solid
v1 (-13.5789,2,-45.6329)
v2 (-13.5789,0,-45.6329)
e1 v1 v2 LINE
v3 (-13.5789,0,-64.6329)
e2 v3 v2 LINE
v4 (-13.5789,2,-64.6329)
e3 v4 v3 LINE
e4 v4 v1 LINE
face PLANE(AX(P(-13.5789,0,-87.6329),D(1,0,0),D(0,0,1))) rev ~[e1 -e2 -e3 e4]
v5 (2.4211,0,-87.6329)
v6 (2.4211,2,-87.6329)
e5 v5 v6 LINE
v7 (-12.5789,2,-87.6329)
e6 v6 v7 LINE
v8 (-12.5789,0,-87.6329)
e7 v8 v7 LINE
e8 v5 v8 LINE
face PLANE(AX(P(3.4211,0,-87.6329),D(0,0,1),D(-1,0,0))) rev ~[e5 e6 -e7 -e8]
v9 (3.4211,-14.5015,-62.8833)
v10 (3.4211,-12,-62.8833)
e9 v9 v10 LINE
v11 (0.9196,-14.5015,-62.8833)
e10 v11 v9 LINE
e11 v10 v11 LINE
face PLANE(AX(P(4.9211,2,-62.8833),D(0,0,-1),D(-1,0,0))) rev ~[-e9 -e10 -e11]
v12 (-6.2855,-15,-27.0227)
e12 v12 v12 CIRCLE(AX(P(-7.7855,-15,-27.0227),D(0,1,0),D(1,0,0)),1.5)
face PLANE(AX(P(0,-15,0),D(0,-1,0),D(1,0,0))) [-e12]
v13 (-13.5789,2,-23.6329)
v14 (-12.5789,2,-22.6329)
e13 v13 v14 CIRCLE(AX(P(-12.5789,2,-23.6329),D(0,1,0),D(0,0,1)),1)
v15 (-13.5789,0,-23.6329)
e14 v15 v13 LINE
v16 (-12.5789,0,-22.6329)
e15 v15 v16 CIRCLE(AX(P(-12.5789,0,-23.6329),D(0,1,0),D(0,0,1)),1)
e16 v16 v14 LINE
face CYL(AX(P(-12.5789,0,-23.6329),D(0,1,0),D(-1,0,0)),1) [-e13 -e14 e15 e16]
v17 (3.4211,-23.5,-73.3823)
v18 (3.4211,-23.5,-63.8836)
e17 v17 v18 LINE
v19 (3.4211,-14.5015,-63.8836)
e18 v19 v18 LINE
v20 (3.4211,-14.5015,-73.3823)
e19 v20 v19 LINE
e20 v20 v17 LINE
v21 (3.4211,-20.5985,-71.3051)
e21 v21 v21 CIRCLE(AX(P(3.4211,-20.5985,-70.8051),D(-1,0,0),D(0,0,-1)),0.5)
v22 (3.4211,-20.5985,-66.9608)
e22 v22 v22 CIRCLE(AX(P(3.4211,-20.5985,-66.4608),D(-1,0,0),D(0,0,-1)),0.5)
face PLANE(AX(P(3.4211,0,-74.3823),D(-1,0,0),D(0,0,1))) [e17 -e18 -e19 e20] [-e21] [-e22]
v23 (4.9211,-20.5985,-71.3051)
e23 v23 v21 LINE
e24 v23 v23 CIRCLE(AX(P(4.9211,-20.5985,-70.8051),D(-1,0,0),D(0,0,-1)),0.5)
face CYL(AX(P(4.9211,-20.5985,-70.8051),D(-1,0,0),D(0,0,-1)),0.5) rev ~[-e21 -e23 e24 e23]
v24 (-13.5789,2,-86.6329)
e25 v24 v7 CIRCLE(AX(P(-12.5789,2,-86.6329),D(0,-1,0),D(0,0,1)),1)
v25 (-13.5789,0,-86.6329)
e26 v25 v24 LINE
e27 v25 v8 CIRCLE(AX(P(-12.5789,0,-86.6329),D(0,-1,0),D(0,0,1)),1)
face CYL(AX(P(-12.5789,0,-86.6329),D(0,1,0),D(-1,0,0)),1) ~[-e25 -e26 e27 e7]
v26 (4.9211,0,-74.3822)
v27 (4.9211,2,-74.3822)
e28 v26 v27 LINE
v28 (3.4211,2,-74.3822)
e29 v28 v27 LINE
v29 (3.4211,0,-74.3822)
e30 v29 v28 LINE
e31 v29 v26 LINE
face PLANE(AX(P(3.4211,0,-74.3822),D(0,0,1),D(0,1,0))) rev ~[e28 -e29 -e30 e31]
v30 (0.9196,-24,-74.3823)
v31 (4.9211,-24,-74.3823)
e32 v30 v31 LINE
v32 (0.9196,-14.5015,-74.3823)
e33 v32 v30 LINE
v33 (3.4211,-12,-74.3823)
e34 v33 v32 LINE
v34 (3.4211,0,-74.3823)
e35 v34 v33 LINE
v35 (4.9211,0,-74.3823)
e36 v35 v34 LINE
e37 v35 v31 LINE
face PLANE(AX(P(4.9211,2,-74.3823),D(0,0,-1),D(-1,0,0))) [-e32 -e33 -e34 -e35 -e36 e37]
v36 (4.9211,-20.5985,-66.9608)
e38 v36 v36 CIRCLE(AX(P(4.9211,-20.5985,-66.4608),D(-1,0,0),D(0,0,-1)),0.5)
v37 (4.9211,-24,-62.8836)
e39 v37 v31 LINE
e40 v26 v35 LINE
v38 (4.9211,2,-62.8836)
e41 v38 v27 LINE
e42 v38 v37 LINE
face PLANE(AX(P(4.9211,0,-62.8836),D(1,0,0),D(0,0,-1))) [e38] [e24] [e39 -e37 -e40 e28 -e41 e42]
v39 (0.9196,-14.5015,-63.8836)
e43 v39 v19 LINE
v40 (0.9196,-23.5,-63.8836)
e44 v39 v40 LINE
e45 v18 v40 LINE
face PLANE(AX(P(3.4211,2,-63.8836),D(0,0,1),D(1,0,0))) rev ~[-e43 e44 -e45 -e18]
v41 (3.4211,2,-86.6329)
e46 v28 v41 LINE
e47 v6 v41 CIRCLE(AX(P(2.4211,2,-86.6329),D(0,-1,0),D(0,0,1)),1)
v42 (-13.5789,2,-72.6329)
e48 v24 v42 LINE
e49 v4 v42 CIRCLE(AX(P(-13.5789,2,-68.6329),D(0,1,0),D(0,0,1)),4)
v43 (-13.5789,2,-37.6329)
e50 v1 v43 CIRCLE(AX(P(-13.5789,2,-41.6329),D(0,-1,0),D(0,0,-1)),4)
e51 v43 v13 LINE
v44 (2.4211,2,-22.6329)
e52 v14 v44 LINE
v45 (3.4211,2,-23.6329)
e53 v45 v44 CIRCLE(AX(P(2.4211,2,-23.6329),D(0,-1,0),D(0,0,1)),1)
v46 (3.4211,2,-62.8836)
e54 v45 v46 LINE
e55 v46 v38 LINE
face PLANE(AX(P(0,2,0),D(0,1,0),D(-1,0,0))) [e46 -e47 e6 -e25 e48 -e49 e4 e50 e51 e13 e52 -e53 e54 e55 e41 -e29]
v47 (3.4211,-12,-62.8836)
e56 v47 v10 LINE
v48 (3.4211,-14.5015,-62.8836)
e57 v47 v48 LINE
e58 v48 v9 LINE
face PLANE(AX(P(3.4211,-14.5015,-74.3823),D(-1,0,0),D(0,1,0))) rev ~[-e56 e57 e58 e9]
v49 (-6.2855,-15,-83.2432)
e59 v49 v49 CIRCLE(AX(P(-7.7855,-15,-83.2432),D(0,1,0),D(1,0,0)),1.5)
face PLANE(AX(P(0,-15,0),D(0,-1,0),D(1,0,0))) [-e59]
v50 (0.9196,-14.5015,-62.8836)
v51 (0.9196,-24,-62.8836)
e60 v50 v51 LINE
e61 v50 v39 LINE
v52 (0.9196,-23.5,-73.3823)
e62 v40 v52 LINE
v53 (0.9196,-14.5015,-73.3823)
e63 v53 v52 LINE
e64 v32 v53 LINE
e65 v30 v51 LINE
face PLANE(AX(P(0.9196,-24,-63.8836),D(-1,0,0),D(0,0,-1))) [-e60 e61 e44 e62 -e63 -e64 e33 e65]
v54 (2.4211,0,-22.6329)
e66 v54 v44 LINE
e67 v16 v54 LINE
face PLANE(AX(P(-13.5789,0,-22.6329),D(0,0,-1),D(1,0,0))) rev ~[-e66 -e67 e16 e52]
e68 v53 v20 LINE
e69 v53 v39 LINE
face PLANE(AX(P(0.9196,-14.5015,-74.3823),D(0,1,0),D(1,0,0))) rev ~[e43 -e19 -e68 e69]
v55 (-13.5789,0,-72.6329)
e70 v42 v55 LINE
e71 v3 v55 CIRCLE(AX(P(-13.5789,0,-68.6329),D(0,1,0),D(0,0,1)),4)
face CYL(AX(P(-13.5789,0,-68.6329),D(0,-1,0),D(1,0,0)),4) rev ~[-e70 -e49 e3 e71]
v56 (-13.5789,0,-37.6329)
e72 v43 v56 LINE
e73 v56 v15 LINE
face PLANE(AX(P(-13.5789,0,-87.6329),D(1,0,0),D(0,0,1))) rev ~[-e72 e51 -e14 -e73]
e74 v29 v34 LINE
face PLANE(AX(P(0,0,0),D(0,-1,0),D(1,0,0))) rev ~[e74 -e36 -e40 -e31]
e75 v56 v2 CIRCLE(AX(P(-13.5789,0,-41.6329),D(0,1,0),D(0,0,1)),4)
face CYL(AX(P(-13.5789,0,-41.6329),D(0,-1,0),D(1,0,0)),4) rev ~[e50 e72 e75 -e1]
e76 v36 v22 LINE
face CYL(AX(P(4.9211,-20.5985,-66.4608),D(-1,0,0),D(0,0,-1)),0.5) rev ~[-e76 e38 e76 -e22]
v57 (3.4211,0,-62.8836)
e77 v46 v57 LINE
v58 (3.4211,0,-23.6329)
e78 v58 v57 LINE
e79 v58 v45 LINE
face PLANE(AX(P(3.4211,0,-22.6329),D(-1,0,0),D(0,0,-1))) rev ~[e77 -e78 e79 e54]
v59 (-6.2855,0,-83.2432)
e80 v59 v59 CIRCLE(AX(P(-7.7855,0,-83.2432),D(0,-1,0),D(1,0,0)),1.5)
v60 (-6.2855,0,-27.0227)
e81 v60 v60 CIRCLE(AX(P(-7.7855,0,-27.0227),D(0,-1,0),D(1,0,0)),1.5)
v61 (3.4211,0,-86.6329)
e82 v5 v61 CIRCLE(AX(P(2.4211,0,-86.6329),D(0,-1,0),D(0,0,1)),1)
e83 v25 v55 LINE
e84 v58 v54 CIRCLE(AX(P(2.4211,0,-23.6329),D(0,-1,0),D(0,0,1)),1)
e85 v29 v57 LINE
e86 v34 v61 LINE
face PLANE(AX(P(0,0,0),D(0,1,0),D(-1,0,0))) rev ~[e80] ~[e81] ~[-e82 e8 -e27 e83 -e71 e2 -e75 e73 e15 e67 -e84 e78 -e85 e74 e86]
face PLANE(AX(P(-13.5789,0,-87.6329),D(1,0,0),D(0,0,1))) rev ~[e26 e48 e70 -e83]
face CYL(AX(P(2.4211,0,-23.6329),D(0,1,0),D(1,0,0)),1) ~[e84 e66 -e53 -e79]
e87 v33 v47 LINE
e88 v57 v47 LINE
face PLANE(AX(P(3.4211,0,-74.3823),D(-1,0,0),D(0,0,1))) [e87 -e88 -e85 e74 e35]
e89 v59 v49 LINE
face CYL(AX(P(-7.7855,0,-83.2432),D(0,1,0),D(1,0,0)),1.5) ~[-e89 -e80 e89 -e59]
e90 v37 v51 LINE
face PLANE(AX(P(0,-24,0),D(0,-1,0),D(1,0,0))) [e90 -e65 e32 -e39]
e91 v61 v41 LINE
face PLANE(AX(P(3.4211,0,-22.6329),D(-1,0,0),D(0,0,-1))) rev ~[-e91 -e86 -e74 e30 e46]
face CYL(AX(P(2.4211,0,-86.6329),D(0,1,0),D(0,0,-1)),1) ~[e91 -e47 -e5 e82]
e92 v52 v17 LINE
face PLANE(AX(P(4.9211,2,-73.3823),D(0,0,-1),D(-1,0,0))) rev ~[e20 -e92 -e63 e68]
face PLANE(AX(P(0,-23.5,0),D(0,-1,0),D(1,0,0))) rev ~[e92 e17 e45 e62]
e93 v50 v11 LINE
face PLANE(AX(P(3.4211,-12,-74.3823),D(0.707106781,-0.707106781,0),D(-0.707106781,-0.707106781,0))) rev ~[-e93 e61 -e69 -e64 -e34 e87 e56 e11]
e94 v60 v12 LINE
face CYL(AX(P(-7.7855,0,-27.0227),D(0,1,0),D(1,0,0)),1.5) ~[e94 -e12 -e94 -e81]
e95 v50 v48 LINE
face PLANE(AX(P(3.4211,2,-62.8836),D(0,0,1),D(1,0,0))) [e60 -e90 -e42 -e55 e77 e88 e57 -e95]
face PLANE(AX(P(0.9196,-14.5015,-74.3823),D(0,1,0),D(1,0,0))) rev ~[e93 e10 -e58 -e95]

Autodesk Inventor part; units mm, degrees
ref_plane "YZ Plane" through (0, 0, 0) normal (1, 0, 0) x (0, 1, 0)
ref_plane "XZ Plane" through (0, 0, 0) normal (0, 1, 0) x (-1, 0, 0)
ref_plane "XY Plane" through (0, 0, 0) normal (0, 0, 1) x (1, 0, 0)
sketch "Sketch7" plane through (0, 0, 0) normal (0, 1, 0) x (-1, 0, 0)
  line L0 (13.5789, -22.6329) -> (-3.4211, -22.6329)
  line L1 (-3.4211, -22.6329) -> (-3.4211, -87.6329)
  line L2 (-3.4211, -87.6329) -> (13.5789, -87.6329)
  line L3 (13.5789, -87.6329) -> (13.5789, -22.6329)
  point P0 (0, 0)
  dimension "d16" = 65
  dimension "d17" = 17
extrude "Extrusion4" add sketch "Sketch7" along normal blind 2
fillet "Fillet1" radius 1 4 edges at (3.4211, 1, -22.6329) (-13.5789, 1, -22.6329) (3.4211, 1, -87.6329) (-13.5789, 1, -87.6329)
sketch "Sketch15" plane through (0, 0, 0) normal (0, -1, 0) x (1, 0, 0)
  line L0 (-13.5789, -86.6329) -> (-13.5789, -23.6329) projected
  line L1 (-13.5789, -55.1329) -> (3.4211, -55.1329)
  line L2 (3.4211, -23.6329) -> (3.4211, -86.6329) projected
  line L3 (-13.5789, -55.1329) -> (-13.5789, -68.6329)
  circle A0 centre (-13.5789, -68.6329) radius 4
  circle A1 centre (-13.5789, -41.6329) radius 4
  point P0 (0, 0)
  dimension "d46" = 13.5
  dimension "d47" = 8
extrude "Extrusion8" cut sketch "Sketch15" against normal blind 5
sketch "Sketch16" plane through (0, 0, 0) normal (0, -1, 0) x (1, 0, 0)
  arc A0 (-13.5789, -72.6329) -> (-13.5789, -64.6329) centre (-13.5789, -68.6329) ccw projected
  line L0 (-13.5789, -68.6329) -> (-7.7855, -83.2432)
  line L1 (-13.5789, -68.6329) -> (2.1381, -68.6329) construction
  circle A1 centre (-7.7855, -83.2432) radius 1.5
  line L2 (-13.5789, -64.6329) -> (-13.5789, -45.6329) construction
  line L3 (-13.5789, -55.1329) -> (3.4211, -55.1329) construction
  line L4 (3.4211, -23.6329) -> (3.4211, -86.6329) construction
  line L5 (-13.5789, -41.6329) -> (-7.7855, -27.0227)
  circle A2 centre (-7.7855, -27.0227) radius 1.5
  circle A3 centre (-7.7855, -83.2432) radius 2
  circle A4 centre (-7.7855, -27.0227) radius 2
  point P0 (0, 0)
  dimension "d50" = 15.717
  dimension "d51" = 68.37
  dimension "d52" = 3
  dimension "d55" = 4
  dimension "d56" = 4
extrude "Extrusion9" add sketch "Sketch16" along normal blind 15 contours A1 | A2
sketch "Sketch17" plane through (0, 2, 0) normal (0, 1, 0) x (1, 0, 0)
  line L0 (-12.5789, 22.6329) -> (2.4211, 22.6329) construction
  line L1 (0, 22.6329) -> (0, 87.6329) construction
  line L2 (2.4211, 87.6329) -> (-12.5789, 87.6329) construction
  arc A0 (-13.5789, 64.6329) -> (-13.5789, 72.6329) centre (-13.5789, 68.6329) ccw construction
  line L3 (-13.5789, 68.6329) -> (3.4211, 68.6329) construction
  line L4 (3.4211, 23.6329) -> (3.4211, 86.6329) construction
  line L5 (-9.5789, 62.8384) -> (-9.5789, 74.4274) construction
  point P0 (0, 0)
  point P1 (-9.5789, 68.6329)
  dimension "d57" = 11.589
sketch "Sketch25" plane through (0, 2, 0) normal (0, 1, 0) x (1, 0, 0)
  line L0 (3.4211, 23.6329) -> (3.4211, 86.6329) projected
  arc A0 (-13.5789, 64.6329) -> (-13.5789, 72.6329) centre (-13.5789, 68.6329) ccw projected
  point P0 (0, 0)
sketch "Sketch27" plane through (3.4211, 0, -86.6329) normal (1, 0, 0) x (0, 0, -1)
  line L0 (-63, 2) -> (0, 2) projected
  line L1 (-23.7493, 0) -> (-12.2507, 0)
  line L2 (-12.2507, 0) -> (-12.2507, 2)
  line L3 (-12.2507, 2) -> (-23.7493, 2)
  line L4 (-23.7493, 2) -> (-23.7493, 0)
  point P0 (-86.6329, 0)
extrude "Extrusion16" add sketch "Sketch27" along normal blind 1.5
sketch "Sketch28" plane through (0, 0, 0) normal (0, -1, 0) x (1, 0, 0)
  line L0 (4.9211, -74.3823) -> (3.4211, -74.3823)
  line L1 (3.4211, -74.3823) -> (3.4211, -62.8836)
  line L2 (3.4211, -62.8836) -> (4.9211, -62.8836)
  line L3 (4.9211, -62.8836) -> (4.9211, -74.3823)
  point P0 (0, 0)
extrude "Extrusion17" add sketch "Sketch28" along normal blind 24
sketch "Sketch29" plane through (4.9211, 0, -86.6329) normal (1, 0, 0) x (0, 0, -1)
  line L0 (-22, 2) -> (-14, 2) construction
  line L1 (-18, 2) -> (-18, -24) construction
  line L2 (-23.7493, -24) -> (-12.2507, -24) construction
  circle A0 centre (-20.1722, -20.5985) radius 0.5
  circle A1 centre (-15.8278, -20.5985) radius 0.5
  point P0 (-86.6329, 0)
  dimension "d97" = 1
hole "Hole4" at (4.9211, -20.5985, -66.4608) at (4.9211, -20.5985, -70.8051) direction (-1, 0, 0) diameter 1 end through all
sketch "Sketch31" plane through (4.9211, 2, -74.3823) normal (0, 0, -1) x (-1, 0, 0)
  point P0 (4.9211, -2)
sketch "Sketch35" plane through (4.9211, 2, -74.3823) normal (0, 0, -1) x (-1, 0, 0)
  point P0 (4.9211, -2)
sketch "Sketch36" plane through (4.9211, 2, -74.3823) normal (0, 0, -1) x (-1, 0, 0)
  line L0 (1.5, -26) -> (1.5, -14)
  line L1 (1.5, -2) -> (1.5, -26) projected
  line L2 (1.5, -14) -> (4.0015, -16.5015)
  line L3 (1.5, -14) -> (5.0376, -14) construction
  line L4 (4.0015, -16.5015) -> (1.5, -16.5015)
  point P0 (4.9211, -2)
  dimension "d111" = 12
  dimension "d112" = 45
extrude "Extrusion21" add sketch "Sketch36" against normal blind 11.499
sketch "Sketch38" plane through (4.9211, 2, -74.3823) normal (0, 0, -1) x (-1, 0, 0)
  line L0 (4.0015, -16.5015) -> (4.0015, -26)
  line L1 (4.0015, -26) -> (1.5, -26)
  line L2 (4.0015, -16.5015) -> (1.5, -16.5015)
  line L3 (1.5, -16.5015) -> (4.0015, -16.5015) projected
  line L4 (1.5, -16.5015) -> (1.5, -26)
  point P0 (4.9211, -2)
sketch "Sketch39" plane through (3.4211, 2, -62.8836) normal (0, 0, 1) x (1, 0, 0)
  line L0 (-2.5015, -16.5015) -> (-2.5015, -26)
  line L1 (-2.5015, -26) -> (0, -26)
  line L2 (0, -26) -> (1.5, -26) projected
  line L3 (-2.5015, -16.5015) -> (0, -16.5015)
  line L4 (-2.5015, -16.5015) -> (0, -16.5015) projected
  line L5 (0, -16.5015) -> (0, -26)
  line L6 (0, -16.5015) -> (0, -26) projected
  point P0 (-3.4211, -2)
extrude "Extrusion22" add sketch "Sketch38" against normal blind 1
extrude "Extrusion23" add sketch "Sketch39" against normal blind 1
sketch "Sketch40" plane through (0, -24, 0) normal (0, -1, 0) x (1, 0, 0)
  line L0 (0.9196, -63.8836) -> (0.9196, -73.3823)
  line L1 (0.9196, -73.3823) -> (3.4211, -73.3823)
  line L2 (3.4211, -74.3823) -> (3.4211, -62.8836) projected
  line L3 (3.4211, -73.3823) -> (3.4211, -63.8836)
  line L4 (3.4211, -63.8836) -> (0.9196, -63.8836)
  line L5 (3.4211, -63.8836) -> (0.9196, -63.8836) projected
  point P0 (0, 0)
extrude "Extrusion24" add sketch "Sketch40" against normal blind 0.5
sketch "Sketch41" plane through (3.4211, -14.5015, -73.3823) normal (-1, 0, 0) x (0, 0, 1)
  point P0 (73.3823, 14.5015)
properties part number "Latch"
